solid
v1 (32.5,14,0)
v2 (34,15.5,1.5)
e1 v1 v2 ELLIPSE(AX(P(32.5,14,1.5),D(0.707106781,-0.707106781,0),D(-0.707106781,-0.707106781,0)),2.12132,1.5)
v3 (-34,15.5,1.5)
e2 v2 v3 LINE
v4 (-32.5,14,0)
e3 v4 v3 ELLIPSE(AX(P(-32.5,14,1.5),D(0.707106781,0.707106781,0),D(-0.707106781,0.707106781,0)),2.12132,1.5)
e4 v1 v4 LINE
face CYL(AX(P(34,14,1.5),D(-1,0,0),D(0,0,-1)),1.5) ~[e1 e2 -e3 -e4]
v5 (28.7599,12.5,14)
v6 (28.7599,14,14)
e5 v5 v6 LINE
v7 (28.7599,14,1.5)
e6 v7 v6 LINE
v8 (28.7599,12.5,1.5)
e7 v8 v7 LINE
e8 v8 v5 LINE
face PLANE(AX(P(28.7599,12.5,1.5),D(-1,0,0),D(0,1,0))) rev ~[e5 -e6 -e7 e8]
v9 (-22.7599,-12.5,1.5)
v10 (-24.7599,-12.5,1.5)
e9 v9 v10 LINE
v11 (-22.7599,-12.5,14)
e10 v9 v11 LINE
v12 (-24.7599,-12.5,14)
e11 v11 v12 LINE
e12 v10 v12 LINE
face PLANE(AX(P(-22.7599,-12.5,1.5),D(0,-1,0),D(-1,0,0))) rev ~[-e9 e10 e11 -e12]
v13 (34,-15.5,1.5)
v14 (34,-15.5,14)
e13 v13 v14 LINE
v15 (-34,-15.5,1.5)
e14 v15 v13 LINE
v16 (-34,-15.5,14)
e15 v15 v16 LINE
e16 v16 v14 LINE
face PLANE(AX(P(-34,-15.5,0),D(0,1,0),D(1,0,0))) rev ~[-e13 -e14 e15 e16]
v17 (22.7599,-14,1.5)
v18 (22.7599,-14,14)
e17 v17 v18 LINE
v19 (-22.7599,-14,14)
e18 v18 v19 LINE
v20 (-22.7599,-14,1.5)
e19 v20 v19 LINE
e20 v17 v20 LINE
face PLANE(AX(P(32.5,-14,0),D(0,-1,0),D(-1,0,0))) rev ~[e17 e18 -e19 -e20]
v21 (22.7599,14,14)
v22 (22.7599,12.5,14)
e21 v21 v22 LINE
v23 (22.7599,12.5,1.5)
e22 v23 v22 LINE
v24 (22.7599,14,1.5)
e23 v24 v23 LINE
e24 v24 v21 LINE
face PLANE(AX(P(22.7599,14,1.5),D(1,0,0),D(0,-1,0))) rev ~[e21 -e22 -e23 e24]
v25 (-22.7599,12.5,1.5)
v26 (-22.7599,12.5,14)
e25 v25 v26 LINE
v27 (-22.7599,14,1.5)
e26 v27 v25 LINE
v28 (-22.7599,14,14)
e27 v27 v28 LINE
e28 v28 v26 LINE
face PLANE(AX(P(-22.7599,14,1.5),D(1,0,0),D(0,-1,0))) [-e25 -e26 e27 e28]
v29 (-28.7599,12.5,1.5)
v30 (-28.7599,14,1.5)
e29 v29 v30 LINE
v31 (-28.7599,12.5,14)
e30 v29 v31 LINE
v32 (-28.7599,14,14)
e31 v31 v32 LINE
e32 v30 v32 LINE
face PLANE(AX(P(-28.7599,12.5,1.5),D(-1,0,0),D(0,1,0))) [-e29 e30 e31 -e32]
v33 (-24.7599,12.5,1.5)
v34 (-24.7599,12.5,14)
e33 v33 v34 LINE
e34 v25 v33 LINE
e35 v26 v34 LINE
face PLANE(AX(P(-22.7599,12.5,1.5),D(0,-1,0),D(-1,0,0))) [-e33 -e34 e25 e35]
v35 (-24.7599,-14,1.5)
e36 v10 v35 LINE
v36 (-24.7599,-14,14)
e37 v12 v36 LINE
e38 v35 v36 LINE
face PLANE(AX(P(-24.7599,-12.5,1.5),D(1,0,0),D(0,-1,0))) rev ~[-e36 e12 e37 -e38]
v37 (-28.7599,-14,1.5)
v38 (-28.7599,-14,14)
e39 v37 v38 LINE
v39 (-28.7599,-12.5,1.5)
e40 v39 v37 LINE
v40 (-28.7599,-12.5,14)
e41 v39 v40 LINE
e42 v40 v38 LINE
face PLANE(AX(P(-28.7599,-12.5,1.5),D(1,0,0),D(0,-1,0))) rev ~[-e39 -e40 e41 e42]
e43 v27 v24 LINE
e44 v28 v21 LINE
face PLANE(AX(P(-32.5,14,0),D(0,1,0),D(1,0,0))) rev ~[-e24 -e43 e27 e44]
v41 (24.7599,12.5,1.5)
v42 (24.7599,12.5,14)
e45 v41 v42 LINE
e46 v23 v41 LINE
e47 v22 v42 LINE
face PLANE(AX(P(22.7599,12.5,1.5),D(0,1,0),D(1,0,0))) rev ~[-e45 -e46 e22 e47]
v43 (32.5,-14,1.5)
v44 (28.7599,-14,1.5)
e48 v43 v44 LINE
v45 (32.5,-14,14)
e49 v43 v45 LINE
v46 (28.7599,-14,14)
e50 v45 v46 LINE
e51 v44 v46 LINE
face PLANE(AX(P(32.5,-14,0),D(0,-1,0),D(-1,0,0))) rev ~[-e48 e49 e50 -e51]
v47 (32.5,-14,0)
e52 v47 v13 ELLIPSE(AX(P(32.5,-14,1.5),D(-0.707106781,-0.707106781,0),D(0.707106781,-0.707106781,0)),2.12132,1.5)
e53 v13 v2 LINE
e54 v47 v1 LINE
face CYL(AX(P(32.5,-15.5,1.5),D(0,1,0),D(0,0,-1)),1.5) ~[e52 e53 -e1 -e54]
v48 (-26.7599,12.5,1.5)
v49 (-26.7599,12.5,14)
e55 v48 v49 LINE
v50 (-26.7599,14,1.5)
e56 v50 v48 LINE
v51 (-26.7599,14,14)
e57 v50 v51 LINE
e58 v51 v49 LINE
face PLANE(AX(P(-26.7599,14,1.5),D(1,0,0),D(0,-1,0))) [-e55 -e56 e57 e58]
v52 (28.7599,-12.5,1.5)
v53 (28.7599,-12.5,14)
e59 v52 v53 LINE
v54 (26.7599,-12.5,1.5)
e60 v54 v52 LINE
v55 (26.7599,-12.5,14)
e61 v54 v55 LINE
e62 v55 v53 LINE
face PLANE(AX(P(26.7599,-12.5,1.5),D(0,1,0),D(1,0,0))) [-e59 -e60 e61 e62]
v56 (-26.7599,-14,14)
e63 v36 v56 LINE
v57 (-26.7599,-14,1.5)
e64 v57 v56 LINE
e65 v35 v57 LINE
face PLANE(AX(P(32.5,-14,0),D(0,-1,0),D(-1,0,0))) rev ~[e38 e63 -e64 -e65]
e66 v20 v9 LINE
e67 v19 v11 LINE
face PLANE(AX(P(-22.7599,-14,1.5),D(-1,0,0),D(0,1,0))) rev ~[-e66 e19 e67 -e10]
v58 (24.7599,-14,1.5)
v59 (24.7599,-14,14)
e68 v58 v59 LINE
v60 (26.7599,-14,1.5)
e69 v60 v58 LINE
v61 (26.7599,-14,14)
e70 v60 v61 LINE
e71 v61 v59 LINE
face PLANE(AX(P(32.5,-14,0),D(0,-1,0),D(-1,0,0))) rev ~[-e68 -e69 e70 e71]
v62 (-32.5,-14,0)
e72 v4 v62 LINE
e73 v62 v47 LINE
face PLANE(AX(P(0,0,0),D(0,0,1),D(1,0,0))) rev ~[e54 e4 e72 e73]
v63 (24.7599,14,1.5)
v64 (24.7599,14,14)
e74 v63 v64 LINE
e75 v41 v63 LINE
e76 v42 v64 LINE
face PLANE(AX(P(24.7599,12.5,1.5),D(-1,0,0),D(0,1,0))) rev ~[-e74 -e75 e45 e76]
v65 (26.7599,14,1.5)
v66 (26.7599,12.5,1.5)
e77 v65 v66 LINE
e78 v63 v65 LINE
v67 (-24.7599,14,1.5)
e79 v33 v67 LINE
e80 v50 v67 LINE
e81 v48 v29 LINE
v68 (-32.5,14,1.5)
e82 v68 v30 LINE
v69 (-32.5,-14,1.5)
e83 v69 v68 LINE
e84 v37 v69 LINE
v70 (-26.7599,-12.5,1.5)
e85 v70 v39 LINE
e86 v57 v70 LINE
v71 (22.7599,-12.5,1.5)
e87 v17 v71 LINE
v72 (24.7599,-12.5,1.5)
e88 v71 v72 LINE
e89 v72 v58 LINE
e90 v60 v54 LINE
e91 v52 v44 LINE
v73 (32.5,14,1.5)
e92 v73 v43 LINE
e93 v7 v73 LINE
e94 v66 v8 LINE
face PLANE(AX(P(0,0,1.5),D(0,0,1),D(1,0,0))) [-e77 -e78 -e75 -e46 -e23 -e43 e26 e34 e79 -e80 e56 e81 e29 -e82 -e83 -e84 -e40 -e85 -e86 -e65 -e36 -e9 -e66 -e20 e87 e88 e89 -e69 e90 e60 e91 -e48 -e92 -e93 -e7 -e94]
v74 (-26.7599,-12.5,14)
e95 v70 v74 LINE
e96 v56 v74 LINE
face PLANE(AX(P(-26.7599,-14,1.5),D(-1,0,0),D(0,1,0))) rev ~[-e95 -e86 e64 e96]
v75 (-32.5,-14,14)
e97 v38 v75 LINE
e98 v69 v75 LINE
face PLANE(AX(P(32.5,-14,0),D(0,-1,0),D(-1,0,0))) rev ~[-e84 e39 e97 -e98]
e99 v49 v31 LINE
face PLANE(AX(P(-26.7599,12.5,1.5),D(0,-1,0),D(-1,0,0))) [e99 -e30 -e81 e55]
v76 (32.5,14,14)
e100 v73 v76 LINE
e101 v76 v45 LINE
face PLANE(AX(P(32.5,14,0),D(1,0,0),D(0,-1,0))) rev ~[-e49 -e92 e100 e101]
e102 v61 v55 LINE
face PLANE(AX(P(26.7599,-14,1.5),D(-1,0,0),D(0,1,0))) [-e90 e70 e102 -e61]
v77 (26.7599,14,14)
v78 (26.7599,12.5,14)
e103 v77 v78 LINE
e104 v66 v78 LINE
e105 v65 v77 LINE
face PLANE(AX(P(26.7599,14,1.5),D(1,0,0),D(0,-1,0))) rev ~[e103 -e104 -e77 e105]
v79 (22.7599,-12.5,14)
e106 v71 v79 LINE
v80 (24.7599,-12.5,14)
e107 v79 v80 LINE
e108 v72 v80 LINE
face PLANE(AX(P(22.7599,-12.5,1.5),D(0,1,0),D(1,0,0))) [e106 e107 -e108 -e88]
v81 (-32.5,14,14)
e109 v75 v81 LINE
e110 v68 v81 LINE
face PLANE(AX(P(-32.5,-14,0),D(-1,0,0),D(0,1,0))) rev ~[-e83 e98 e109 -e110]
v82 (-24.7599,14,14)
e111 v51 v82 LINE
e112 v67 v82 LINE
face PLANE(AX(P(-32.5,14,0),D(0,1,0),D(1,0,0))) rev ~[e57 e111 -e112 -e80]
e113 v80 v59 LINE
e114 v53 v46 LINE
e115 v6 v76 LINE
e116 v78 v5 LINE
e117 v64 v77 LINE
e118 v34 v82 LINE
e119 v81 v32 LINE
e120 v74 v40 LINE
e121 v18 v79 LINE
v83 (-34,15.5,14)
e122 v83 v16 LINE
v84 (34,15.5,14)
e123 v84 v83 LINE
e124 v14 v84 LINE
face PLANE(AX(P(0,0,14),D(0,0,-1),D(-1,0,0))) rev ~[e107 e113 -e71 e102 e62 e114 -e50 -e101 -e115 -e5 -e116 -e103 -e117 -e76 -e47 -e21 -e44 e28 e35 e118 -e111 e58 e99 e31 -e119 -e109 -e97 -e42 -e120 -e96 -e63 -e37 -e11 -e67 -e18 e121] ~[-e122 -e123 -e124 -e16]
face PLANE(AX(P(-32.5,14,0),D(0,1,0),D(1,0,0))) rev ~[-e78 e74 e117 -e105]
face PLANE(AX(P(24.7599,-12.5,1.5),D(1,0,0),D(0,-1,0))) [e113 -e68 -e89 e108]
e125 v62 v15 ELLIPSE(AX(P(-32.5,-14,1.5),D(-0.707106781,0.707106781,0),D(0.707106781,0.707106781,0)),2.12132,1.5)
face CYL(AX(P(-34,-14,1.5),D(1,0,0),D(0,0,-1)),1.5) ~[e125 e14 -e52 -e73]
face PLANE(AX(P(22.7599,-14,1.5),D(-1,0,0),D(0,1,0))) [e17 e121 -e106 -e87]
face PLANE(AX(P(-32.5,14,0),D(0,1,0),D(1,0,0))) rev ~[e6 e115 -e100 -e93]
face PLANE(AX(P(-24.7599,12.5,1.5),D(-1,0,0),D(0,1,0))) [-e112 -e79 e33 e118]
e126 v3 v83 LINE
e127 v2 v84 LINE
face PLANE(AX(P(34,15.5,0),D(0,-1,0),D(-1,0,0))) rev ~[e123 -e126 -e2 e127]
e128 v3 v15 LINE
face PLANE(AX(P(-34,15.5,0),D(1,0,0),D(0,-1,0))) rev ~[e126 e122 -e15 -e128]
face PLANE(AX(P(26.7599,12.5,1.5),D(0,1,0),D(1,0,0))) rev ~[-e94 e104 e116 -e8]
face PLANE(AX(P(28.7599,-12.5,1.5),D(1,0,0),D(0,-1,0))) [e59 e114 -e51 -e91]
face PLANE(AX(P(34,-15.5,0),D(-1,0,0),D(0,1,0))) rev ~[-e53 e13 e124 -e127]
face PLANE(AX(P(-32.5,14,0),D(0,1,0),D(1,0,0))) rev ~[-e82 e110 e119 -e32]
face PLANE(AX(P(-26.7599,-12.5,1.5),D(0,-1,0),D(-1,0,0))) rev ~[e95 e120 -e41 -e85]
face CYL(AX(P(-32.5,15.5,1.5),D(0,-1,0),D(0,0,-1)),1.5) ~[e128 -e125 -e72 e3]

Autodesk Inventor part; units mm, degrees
ref_plane "YZ Plane" through (0, 0, 0) normal (1, 0, 0) x (0, 1, 0)
ref_plane "XZ Plane" through (0, 0, 0) normal (0, 1, 0) x (-1, 0, 0)
ref_plane "XY Plane" through (0, 0, 0) normal (0, 0, 1) x (1, 0, 0)
sketch "Skizze2" plane through (0, 0, 0) normal (0, 0, 1) x (1, 0, 0)
  line L0 (-32.5, 14) -> (32.5, 14)
  line L1 (32.5, 14) -> (32.5, -14)
  line L2 (32.5, -14) -> (-32.5, -14)
  line L3 (-32.5, -14) -> (-32.5, 14)
  line L4 (-32.5, 14) -> (32.5, -14) construction
  line L5 (32.5, 14) -> (-32.5, -14) construction
  point P0 (0, 0)
  dimension "d0" = 65
  dimension "d1" = 28
extrude "Extrusion1" add sketch "Skizze2" along normal blind 1.5
sketch "Skizze4" plane through (0, 0, 0) normal (0, 0, -1) x (-1, 0, 0)
  line L0 (32.5, 14) -> (-32.5, 14) projected
  line L1 (-32.5, 14) -> (-32.5, -14) projected
  line L2 (-32.5, -14) -> (32.5, -14) projected
  line L3 (32.5, -14) -> (32.5, 14) projected
  line L4 (34, -15.5) -> (-34, -15.5)
  line L5 (-34, -15.5) -> (-34, 15.5)
  line L6 (-34, 15.5) -> (34, 15.5)
  line L7 (34, 15.5) -> (34, -15.5)
  point P0 (0, 0)
  dimension "d4" = 1.5
extrude "Extrusion2" add sketch "Skizze4" against normal blind 14
fillet "Rundung1" radius 1.5 4 edges at (0, -15.5, 0) (0, 15.5, 0) (34, 0, 0) (-34, 0, 0)
sketch "Skizze5" plane through (0, 0, 1.5) normal (0, 0, 1) x (1, 0, 0)
  line L0 (0, -21.0221) -> (0, 21.9802) construction
  line L1 (-32.5, -14) -> (32.5, -14) projected
  line L2 (-28.7599, -14) -> (-26.7599, -14)
  line L3 (-26.7599, -14) -> (-26.7599, -12.5)
  line L4 (-26.7599, -12.5) -> (-28.7599, -12.5)
  line L5 (-28.7599, -12.5) -> (-28.7599, -14)
  line L6 (-24.7599, -14) -> (-22.7599, -14)
  line L7 (-22.7599, -14) -> (-22.7599, -12.5)
  line L8 (-22.7599, -12.5) -> (-24.7599, -12.5)
  line L9 (-24.7599, -12.5) -> (-24.7599, -14)
  line L10 (-34, 15.5) -> (-34, -15.5) construction
  line L11 (-34, 0) -> (34, 0) construction
  line L12 (34, -15.5) -> (34, 15.5) construction
  line L13 (28.7599, -14) -> (26.7599, -14)
  line L14 (26.7599, -14) -> (26.7599, -12.5)
  line L15 (26.7599, -12.5) -> (28.7599, -12.5)
  line L16 (28.7599, -12.5) -> (28.7599, -14)
  line L17 (24.7599, -14) -> (22.7599, -14)
  line L18 (22.7599, -14) -> (22.7599, -12.5)
  line L19 (22.7599, -12.5) -> (24.7599, -12.5)
  line L20 (24.7599, -12.5) -> (24.7599, -14)
  line L21 (34, 15.5) -> (34, -15.5) construction
  line L22 (-28.7599, 14) -> (-26.7599, 14)
  line L23 (-26.7599, 14) -> (-26.7599, 12.5)
  line L24 (-26.7599, 12.5) -> (-28.7599, 12.5)
  line L25 (-28.7599, 12.5) -> (-28.7599, 14)
  line L26 (-24.7599, 14) -> (-22.7599, 14)
  line L27 (-22.7599, 14) -> (-22.7599, 12.5)
  line L28 (-22.7599, 12.5) -> (-24.7599, 12.5)
  line L29 (-24.7599, 12.5) -> (-24.7599, 14)
  line L30 (22.7599, 14) -> (22.7599, 12.5)
  line L31 (24.7599, 14) -> (22.7599, 14)
  line L32 (22.7599, 12.5) -> (24.7599, 12.5)
  line L33 (24.7599, 12.5) -> (24.7599, 14)
  line L34 (26.7599, 14) -> (26.7599, 12.5)
  line L35 (28.7599, 14) -> (26.7599, 14)
  line L36 (26.7599, 12.5) -> (28.7599, 12.5)
  line L37 (28.7599, 12.5) -> (28.7599, 14)
  point P0 (0, 0)
  dimension "d11" = 2
  dimension "d12" = 1.5
  dimension "d13" = 2
  dimension "d14" = 2
extrude "Extrusion4" add sketch "Skizze5" along normal blind 12.5
properties part number "Unterteil"
